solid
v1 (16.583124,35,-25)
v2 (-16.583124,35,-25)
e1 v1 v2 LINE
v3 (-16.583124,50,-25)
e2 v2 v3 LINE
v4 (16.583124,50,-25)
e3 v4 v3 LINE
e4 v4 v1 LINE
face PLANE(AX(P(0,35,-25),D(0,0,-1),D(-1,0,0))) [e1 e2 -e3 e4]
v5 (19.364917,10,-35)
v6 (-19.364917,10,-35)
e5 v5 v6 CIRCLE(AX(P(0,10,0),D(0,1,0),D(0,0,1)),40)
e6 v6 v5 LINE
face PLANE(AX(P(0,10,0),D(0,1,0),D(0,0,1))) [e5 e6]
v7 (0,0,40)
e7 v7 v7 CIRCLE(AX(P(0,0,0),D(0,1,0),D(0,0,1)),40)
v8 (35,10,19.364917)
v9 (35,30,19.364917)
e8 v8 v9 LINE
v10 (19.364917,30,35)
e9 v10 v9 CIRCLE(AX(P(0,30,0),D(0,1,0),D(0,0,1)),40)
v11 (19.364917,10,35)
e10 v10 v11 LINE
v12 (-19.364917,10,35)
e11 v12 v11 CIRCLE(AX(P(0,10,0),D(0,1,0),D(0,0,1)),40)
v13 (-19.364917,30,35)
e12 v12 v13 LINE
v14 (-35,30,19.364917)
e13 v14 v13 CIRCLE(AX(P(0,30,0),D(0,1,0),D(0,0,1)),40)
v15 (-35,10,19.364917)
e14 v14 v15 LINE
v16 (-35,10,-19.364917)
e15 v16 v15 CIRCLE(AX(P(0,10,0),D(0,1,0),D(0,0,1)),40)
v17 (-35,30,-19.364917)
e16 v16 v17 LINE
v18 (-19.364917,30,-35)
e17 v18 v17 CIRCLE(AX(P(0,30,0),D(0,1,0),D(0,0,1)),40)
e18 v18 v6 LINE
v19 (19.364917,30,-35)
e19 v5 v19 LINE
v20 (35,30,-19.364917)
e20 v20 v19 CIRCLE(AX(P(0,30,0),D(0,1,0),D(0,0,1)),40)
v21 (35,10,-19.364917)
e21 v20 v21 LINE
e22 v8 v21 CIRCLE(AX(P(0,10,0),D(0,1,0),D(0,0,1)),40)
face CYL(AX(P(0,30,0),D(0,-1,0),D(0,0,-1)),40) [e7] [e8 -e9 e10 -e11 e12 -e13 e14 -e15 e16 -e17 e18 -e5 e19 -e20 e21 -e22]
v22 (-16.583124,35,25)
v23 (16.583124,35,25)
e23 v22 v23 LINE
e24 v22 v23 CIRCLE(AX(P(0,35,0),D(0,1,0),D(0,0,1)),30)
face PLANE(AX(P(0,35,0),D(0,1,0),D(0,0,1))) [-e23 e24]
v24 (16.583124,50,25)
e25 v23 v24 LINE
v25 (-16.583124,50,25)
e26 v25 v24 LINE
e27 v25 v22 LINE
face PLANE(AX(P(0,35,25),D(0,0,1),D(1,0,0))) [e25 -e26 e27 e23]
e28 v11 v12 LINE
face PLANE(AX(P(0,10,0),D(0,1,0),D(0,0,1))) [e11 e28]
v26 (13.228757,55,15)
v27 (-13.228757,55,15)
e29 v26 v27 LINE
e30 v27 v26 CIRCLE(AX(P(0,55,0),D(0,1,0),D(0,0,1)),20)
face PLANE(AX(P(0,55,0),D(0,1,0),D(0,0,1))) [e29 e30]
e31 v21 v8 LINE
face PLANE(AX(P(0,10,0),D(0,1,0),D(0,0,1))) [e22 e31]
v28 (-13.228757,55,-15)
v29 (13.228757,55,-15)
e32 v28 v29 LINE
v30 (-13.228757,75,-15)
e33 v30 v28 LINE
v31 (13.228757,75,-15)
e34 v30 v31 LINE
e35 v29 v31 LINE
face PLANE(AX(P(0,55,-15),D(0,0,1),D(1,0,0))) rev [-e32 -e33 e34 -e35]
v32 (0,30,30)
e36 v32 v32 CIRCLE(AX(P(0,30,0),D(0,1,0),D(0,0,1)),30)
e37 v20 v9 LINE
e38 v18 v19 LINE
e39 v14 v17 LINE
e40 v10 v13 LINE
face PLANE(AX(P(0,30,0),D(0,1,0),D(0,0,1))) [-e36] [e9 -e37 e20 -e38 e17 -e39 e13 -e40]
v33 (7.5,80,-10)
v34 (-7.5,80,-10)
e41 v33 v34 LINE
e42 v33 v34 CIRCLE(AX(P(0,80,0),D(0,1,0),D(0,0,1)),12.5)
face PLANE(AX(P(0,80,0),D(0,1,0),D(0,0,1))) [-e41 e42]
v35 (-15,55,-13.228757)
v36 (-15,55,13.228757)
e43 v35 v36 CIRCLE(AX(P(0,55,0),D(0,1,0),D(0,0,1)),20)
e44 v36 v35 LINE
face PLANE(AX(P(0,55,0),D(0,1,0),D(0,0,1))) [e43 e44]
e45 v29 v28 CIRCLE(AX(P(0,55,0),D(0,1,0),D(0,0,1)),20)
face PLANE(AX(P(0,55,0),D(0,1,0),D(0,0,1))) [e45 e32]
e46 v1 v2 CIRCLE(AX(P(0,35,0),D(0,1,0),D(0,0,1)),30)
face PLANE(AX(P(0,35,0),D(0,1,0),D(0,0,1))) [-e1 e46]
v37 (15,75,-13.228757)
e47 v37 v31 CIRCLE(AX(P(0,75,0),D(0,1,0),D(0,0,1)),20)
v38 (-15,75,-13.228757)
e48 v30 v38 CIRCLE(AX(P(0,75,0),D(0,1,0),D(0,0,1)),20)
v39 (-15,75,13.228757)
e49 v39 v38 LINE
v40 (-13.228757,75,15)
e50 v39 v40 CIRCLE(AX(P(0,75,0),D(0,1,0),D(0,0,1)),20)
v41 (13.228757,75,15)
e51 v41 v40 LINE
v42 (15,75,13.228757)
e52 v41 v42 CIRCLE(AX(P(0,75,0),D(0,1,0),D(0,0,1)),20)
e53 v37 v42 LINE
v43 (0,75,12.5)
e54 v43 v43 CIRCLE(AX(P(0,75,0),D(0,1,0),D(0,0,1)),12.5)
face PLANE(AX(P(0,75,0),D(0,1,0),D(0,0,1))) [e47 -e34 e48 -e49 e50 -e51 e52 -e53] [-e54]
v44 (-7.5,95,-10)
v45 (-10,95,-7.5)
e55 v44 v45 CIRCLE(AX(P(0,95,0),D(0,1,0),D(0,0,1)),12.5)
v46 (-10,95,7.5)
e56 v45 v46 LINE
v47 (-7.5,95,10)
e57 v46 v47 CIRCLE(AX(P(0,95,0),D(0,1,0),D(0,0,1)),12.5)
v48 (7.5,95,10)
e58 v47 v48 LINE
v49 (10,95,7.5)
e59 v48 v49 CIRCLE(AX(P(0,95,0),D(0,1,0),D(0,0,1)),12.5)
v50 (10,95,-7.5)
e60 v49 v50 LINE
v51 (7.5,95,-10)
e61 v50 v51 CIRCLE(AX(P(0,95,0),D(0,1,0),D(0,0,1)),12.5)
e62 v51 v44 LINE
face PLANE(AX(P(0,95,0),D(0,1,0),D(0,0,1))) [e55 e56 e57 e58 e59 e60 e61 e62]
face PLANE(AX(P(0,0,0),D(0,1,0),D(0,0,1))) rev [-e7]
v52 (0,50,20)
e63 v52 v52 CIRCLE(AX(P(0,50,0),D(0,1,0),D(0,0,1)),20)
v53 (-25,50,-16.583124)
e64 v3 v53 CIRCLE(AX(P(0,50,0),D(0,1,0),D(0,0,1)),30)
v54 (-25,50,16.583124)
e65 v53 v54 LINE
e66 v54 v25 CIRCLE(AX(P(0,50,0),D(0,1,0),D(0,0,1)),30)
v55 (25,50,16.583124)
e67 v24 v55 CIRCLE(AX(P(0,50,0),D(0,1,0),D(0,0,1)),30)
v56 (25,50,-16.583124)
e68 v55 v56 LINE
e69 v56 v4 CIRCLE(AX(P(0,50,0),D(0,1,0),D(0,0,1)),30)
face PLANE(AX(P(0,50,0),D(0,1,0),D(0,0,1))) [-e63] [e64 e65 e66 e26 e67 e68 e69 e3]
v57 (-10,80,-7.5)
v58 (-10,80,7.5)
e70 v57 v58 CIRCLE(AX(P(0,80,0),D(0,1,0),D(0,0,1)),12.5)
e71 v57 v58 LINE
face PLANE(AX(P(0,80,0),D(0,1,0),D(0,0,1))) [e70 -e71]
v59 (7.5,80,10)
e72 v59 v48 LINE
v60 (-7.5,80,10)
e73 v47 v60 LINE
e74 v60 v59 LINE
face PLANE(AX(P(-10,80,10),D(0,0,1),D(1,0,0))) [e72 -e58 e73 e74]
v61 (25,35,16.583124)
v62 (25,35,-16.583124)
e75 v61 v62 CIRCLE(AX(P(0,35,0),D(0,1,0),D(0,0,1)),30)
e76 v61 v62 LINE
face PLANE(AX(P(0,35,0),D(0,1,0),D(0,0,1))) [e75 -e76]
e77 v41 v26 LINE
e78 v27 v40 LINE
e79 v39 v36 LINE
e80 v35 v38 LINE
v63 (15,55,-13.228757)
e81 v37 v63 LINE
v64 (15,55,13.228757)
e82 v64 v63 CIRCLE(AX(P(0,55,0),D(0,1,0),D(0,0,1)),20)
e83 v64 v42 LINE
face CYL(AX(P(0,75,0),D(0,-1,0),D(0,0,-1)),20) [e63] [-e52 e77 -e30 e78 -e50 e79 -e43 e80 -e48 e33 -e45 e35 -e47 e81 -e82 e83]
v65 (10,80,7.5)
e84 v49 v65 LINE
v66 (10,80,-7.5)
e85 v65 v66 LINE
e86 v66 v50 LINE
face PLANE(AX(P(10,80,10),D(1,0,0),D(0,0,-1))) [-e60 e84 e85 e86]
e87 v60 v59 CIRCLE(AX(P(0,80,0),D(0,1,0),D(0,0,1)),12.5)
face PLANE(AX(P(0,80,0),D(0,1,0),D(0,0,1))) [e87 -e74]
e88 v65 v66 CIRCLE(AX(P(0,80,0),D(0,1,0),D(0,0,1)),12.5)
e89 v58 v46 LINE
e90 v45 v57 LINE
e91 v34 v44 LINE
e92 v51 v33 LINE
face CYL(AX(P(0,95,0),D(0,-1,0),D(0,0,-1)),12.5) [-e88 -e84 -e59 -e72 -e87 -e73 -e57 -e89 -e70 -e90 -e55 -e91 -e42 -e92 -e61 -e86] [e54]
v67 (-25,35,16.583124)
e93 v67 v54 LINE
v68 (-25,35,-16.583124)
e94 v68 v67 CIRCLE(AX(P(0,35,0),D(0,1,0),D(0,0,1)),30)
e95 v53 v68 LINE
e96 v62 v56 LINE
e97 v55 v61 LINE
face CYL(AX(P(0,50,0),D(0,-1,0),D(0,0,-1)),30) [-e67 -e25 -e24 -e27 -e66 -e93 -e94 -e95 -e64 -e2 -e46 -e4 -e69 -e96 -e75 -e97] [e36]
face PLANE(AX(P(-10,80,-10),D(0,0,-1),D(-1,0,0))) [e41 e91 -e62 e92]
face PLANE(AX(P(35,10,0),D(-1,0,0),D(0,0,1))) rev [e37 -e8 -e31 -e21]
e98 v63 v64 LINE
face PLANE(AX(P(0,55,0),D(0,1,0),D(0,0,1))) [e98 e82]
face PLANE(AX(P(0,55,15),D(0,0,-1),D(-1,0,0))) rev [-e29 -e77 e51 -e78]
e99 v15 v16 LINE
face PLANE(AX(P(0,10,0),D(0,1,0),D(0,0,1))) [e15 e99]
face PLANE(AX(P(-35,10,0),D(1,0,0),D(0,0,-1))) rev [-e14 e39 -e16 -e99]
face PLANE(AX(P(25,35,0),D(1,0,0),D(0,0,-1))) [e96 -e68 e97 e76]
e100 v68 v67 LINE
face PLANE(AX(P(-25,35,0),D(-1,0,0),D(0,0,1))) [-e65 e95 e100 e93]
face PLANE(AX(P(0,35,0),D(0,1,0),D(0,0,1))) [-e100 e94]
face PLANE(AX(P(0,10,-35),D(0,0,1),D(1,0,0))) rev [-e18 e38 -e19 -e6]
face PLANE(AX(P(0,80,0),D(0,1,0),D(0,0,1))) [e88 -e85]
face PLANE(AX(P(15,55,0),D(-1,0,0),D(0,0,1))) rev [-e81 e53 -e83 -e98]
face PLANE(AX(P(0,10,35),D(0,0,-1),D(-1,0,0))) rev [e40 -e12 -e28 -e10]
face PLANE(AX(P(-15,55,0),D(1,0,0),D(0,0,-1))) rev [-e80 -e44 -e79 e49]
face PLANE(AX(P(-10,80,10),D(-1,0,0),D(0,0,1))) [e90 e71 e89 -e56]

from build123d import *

# Parameters (mm, degrees)
SKETCH1_R           = 40
BOSS_EXTRUDE1_DEPTH = 30
SKETCH2_R           = 30
BOSS_EXTRUDE2_DEPTH = 20
SKETCH3_R           = 20
BOSS_EXTRUDE3_DEPTH = 25
SKETCH4_R           = 12.5
BOSS_EXTRUDE4_DEPTH = 20
SKETCH5_OUTSIDE_W   = 111.546
SKETCH5_OUTSIDE_H   = 111.546
SKETCH5_OUTSIDE_W_2 = 20
SKETCH5_OUTSIDE_H_2 = 20
CUT_EXTRUDE2_DEPTH  = 15
CUT_EXTRUDE7_DEPTH  = 20
CUT_EXTRUDE8_START  = 50
CUT_EXTRUDE8_DEPTH  = 15
CUT_EXTRUDE9_DEPTH  = 20


with BuildPart() as part:
    # Sketch1 → Boss-Extrude1 (new body)
    with BuildSketch(Plane(origin=(0, 0, 0), x_dir=(1, 0, 0), z_dir=(0, 1, 0))):
        Circle(SKETCH1_R)
    extrude(amount=BOSS_EXTRUDE1_DEPTH)

    # Sketch2 → Boss-Extrude2 (add)
    with BuildSketch(Plane(origin=(0, 30, 0), x_dir=(1, 0, 0), z_dir=(0, 1, 0))):
        Circle(SKETCH2_R)
    extrude(amount=BOSS_EXTRUDE2_DEPTH)

    # Sketch3 → Boss-Extrude3 (add)
    with BuildSketch(Plane(origin=(0, 50, 0), x_dir=(1, 0, 0), z_dir=(0, 1, 0))):
        Circle(SKETCH3_R)
    extrude(amount=BOSS_EXTRUDE3_DEPTH)

    # Sketch4 → Boss-Extrude4 (add)
    with BuildSketch(Plane(origin=(0, 75, 0), x_dir=(1, 0, 0), z_dir=(0, 1, 0))):
        Circle(SKETCH4_R)
    extrude(amount=BOSS_EXTRUDE4_DEPTH)

    # Sketch5 outside → Cut-Extrude2 (cut)
    with BuildSketch(Plane(origin=(0, 95, 0), x_dir=(1, 0, 0), z_dir=(0, 1, 0))):
        Rectangle(SKETCH5_OUTSIDE_W, SKETCH5_OUTSIDE_H)
        Rectangle(SKETCH5_OUTSIDE_W_2, SKETCH5_OUTSIDE_H_2, mode=Mode.SUBTRACT)
    extrude(amount=-CUT_EXTRUDE2_DEPTH, mode=Mode.SUBTRACT)

    # Sketch6 → Cut-Extrude7 (cut)
    with BuildSketch(Plane(origin=(0, 75, 0), x_dir=(1, 0, 0), z_dir=(0, 1, 0))):
        Polygon((-5.77591504, 20.949618127), (-15, 15), (15, 15), (14.22408496, 20.949618127), align=None)
        Polygon((-15, -15), (-15, 15), (-20.949618127, 14.22408496), (-20.949618127, -5.77591504), align=None)
        Polygon((20.949618127, 5.77591504), (15, 15), (15, -15), (20.949618127, -14.22408496), align=None)
        Polygon((15, -15), (-15, -15), (-14.22408496, -20.949618127), (5.77591504, -20.949618127), align=None)
    extrude(amount=-CUT_EXTRUDE7_DEPTH, mode=Mode.SUBTRACT)

    # Sketch7 → Cut-Extrude8 (cut)
    with BuildSketch(Plane(origin=(0, 0, 0), x_dir=(1, 0, 0), z_dir=(0, 1, 0)).offset(CUT_EXTRUDE8_START)):
        with BuildLine():
            Line((-24.918588748, 25), (24.918588748, 25))
            ThreePointArc((24.918588748, 25), (0, 35.297819553), (-24.918588748, 25))
        make_face()
        with BuildLine():
            Line((25, 24.918588748), (25, -24.918588748))
            ThreePointArc((25, -24.918588748), (35.297819553, 0), (25, 24.918588748))
        make_face()
        with BuildLine():
            Line((24.918588748, -25), (-24.918588748, -25))
            ThreePointArc((-24.918588748, -25), (0, -35.297819553), (24.918588748, -25))
        make_face()
        with BuildLine():
            Line((-25, -24.918588748), (-25, 24.918588748))
            ThreePointArc((-25, 24.918588748), (-35.297819553, 0), (-25, -24.918588748))
        make_face()
    extrude(amount=-CUT_EXTRUDE8_DEPTH, mode=Mode.SUBTRACT)

    # Sketch8 → Cut-Extrude9 (cut)
    with BuildSketch(Plane(origin=(0, 30, 0), x_dir=(1, 0, 0), z_dir=(0, 1, 0))):
        with BuildLine():
            Line((-35, 35.707142143), (-35, 35))
            Line((-35, 35), (35, 35))
            Line((35, 35), (35, 35.707142143))
            ThreePointArc((35, 35.707142143), (0, 50), (-35, 35.707142143))
        make_face()
        with BuildLine():
            Line((-35, 35), (-35.707142143, 35))
            ThreePointArc((-35.707142143, 35), (-50, 0), (-35.707142143, -35))
            Line((-35.707142143, -35), (-35, -35))
            Line((-35, -35), (-35, 35))
        make_face()
        with BuildLine():
            Line((35.707142143, 35), (35, 35))
            Line((35, 35), (35, -35))
            Line((35, -35), (35.707142143, -35))
            ThreePointArc((35.707142143, -35), (50, 0), (35.707142143, 35))
        make_face()
        with BuildLine():
            Line((35, -35), (-35, -35))
            Line((-35, -35), (-35, -35.707142143))
            ThreePointArc((-35, -35.707142143), (0, -50), (35, -35.707142143))
            Line((35, -35.707142143), (35, -35))
        make_face()
    extrude(amount=-CUT_EXTRUDE9_DEPTH, mode=Mode.SUBTRACT)


solid = part.part
